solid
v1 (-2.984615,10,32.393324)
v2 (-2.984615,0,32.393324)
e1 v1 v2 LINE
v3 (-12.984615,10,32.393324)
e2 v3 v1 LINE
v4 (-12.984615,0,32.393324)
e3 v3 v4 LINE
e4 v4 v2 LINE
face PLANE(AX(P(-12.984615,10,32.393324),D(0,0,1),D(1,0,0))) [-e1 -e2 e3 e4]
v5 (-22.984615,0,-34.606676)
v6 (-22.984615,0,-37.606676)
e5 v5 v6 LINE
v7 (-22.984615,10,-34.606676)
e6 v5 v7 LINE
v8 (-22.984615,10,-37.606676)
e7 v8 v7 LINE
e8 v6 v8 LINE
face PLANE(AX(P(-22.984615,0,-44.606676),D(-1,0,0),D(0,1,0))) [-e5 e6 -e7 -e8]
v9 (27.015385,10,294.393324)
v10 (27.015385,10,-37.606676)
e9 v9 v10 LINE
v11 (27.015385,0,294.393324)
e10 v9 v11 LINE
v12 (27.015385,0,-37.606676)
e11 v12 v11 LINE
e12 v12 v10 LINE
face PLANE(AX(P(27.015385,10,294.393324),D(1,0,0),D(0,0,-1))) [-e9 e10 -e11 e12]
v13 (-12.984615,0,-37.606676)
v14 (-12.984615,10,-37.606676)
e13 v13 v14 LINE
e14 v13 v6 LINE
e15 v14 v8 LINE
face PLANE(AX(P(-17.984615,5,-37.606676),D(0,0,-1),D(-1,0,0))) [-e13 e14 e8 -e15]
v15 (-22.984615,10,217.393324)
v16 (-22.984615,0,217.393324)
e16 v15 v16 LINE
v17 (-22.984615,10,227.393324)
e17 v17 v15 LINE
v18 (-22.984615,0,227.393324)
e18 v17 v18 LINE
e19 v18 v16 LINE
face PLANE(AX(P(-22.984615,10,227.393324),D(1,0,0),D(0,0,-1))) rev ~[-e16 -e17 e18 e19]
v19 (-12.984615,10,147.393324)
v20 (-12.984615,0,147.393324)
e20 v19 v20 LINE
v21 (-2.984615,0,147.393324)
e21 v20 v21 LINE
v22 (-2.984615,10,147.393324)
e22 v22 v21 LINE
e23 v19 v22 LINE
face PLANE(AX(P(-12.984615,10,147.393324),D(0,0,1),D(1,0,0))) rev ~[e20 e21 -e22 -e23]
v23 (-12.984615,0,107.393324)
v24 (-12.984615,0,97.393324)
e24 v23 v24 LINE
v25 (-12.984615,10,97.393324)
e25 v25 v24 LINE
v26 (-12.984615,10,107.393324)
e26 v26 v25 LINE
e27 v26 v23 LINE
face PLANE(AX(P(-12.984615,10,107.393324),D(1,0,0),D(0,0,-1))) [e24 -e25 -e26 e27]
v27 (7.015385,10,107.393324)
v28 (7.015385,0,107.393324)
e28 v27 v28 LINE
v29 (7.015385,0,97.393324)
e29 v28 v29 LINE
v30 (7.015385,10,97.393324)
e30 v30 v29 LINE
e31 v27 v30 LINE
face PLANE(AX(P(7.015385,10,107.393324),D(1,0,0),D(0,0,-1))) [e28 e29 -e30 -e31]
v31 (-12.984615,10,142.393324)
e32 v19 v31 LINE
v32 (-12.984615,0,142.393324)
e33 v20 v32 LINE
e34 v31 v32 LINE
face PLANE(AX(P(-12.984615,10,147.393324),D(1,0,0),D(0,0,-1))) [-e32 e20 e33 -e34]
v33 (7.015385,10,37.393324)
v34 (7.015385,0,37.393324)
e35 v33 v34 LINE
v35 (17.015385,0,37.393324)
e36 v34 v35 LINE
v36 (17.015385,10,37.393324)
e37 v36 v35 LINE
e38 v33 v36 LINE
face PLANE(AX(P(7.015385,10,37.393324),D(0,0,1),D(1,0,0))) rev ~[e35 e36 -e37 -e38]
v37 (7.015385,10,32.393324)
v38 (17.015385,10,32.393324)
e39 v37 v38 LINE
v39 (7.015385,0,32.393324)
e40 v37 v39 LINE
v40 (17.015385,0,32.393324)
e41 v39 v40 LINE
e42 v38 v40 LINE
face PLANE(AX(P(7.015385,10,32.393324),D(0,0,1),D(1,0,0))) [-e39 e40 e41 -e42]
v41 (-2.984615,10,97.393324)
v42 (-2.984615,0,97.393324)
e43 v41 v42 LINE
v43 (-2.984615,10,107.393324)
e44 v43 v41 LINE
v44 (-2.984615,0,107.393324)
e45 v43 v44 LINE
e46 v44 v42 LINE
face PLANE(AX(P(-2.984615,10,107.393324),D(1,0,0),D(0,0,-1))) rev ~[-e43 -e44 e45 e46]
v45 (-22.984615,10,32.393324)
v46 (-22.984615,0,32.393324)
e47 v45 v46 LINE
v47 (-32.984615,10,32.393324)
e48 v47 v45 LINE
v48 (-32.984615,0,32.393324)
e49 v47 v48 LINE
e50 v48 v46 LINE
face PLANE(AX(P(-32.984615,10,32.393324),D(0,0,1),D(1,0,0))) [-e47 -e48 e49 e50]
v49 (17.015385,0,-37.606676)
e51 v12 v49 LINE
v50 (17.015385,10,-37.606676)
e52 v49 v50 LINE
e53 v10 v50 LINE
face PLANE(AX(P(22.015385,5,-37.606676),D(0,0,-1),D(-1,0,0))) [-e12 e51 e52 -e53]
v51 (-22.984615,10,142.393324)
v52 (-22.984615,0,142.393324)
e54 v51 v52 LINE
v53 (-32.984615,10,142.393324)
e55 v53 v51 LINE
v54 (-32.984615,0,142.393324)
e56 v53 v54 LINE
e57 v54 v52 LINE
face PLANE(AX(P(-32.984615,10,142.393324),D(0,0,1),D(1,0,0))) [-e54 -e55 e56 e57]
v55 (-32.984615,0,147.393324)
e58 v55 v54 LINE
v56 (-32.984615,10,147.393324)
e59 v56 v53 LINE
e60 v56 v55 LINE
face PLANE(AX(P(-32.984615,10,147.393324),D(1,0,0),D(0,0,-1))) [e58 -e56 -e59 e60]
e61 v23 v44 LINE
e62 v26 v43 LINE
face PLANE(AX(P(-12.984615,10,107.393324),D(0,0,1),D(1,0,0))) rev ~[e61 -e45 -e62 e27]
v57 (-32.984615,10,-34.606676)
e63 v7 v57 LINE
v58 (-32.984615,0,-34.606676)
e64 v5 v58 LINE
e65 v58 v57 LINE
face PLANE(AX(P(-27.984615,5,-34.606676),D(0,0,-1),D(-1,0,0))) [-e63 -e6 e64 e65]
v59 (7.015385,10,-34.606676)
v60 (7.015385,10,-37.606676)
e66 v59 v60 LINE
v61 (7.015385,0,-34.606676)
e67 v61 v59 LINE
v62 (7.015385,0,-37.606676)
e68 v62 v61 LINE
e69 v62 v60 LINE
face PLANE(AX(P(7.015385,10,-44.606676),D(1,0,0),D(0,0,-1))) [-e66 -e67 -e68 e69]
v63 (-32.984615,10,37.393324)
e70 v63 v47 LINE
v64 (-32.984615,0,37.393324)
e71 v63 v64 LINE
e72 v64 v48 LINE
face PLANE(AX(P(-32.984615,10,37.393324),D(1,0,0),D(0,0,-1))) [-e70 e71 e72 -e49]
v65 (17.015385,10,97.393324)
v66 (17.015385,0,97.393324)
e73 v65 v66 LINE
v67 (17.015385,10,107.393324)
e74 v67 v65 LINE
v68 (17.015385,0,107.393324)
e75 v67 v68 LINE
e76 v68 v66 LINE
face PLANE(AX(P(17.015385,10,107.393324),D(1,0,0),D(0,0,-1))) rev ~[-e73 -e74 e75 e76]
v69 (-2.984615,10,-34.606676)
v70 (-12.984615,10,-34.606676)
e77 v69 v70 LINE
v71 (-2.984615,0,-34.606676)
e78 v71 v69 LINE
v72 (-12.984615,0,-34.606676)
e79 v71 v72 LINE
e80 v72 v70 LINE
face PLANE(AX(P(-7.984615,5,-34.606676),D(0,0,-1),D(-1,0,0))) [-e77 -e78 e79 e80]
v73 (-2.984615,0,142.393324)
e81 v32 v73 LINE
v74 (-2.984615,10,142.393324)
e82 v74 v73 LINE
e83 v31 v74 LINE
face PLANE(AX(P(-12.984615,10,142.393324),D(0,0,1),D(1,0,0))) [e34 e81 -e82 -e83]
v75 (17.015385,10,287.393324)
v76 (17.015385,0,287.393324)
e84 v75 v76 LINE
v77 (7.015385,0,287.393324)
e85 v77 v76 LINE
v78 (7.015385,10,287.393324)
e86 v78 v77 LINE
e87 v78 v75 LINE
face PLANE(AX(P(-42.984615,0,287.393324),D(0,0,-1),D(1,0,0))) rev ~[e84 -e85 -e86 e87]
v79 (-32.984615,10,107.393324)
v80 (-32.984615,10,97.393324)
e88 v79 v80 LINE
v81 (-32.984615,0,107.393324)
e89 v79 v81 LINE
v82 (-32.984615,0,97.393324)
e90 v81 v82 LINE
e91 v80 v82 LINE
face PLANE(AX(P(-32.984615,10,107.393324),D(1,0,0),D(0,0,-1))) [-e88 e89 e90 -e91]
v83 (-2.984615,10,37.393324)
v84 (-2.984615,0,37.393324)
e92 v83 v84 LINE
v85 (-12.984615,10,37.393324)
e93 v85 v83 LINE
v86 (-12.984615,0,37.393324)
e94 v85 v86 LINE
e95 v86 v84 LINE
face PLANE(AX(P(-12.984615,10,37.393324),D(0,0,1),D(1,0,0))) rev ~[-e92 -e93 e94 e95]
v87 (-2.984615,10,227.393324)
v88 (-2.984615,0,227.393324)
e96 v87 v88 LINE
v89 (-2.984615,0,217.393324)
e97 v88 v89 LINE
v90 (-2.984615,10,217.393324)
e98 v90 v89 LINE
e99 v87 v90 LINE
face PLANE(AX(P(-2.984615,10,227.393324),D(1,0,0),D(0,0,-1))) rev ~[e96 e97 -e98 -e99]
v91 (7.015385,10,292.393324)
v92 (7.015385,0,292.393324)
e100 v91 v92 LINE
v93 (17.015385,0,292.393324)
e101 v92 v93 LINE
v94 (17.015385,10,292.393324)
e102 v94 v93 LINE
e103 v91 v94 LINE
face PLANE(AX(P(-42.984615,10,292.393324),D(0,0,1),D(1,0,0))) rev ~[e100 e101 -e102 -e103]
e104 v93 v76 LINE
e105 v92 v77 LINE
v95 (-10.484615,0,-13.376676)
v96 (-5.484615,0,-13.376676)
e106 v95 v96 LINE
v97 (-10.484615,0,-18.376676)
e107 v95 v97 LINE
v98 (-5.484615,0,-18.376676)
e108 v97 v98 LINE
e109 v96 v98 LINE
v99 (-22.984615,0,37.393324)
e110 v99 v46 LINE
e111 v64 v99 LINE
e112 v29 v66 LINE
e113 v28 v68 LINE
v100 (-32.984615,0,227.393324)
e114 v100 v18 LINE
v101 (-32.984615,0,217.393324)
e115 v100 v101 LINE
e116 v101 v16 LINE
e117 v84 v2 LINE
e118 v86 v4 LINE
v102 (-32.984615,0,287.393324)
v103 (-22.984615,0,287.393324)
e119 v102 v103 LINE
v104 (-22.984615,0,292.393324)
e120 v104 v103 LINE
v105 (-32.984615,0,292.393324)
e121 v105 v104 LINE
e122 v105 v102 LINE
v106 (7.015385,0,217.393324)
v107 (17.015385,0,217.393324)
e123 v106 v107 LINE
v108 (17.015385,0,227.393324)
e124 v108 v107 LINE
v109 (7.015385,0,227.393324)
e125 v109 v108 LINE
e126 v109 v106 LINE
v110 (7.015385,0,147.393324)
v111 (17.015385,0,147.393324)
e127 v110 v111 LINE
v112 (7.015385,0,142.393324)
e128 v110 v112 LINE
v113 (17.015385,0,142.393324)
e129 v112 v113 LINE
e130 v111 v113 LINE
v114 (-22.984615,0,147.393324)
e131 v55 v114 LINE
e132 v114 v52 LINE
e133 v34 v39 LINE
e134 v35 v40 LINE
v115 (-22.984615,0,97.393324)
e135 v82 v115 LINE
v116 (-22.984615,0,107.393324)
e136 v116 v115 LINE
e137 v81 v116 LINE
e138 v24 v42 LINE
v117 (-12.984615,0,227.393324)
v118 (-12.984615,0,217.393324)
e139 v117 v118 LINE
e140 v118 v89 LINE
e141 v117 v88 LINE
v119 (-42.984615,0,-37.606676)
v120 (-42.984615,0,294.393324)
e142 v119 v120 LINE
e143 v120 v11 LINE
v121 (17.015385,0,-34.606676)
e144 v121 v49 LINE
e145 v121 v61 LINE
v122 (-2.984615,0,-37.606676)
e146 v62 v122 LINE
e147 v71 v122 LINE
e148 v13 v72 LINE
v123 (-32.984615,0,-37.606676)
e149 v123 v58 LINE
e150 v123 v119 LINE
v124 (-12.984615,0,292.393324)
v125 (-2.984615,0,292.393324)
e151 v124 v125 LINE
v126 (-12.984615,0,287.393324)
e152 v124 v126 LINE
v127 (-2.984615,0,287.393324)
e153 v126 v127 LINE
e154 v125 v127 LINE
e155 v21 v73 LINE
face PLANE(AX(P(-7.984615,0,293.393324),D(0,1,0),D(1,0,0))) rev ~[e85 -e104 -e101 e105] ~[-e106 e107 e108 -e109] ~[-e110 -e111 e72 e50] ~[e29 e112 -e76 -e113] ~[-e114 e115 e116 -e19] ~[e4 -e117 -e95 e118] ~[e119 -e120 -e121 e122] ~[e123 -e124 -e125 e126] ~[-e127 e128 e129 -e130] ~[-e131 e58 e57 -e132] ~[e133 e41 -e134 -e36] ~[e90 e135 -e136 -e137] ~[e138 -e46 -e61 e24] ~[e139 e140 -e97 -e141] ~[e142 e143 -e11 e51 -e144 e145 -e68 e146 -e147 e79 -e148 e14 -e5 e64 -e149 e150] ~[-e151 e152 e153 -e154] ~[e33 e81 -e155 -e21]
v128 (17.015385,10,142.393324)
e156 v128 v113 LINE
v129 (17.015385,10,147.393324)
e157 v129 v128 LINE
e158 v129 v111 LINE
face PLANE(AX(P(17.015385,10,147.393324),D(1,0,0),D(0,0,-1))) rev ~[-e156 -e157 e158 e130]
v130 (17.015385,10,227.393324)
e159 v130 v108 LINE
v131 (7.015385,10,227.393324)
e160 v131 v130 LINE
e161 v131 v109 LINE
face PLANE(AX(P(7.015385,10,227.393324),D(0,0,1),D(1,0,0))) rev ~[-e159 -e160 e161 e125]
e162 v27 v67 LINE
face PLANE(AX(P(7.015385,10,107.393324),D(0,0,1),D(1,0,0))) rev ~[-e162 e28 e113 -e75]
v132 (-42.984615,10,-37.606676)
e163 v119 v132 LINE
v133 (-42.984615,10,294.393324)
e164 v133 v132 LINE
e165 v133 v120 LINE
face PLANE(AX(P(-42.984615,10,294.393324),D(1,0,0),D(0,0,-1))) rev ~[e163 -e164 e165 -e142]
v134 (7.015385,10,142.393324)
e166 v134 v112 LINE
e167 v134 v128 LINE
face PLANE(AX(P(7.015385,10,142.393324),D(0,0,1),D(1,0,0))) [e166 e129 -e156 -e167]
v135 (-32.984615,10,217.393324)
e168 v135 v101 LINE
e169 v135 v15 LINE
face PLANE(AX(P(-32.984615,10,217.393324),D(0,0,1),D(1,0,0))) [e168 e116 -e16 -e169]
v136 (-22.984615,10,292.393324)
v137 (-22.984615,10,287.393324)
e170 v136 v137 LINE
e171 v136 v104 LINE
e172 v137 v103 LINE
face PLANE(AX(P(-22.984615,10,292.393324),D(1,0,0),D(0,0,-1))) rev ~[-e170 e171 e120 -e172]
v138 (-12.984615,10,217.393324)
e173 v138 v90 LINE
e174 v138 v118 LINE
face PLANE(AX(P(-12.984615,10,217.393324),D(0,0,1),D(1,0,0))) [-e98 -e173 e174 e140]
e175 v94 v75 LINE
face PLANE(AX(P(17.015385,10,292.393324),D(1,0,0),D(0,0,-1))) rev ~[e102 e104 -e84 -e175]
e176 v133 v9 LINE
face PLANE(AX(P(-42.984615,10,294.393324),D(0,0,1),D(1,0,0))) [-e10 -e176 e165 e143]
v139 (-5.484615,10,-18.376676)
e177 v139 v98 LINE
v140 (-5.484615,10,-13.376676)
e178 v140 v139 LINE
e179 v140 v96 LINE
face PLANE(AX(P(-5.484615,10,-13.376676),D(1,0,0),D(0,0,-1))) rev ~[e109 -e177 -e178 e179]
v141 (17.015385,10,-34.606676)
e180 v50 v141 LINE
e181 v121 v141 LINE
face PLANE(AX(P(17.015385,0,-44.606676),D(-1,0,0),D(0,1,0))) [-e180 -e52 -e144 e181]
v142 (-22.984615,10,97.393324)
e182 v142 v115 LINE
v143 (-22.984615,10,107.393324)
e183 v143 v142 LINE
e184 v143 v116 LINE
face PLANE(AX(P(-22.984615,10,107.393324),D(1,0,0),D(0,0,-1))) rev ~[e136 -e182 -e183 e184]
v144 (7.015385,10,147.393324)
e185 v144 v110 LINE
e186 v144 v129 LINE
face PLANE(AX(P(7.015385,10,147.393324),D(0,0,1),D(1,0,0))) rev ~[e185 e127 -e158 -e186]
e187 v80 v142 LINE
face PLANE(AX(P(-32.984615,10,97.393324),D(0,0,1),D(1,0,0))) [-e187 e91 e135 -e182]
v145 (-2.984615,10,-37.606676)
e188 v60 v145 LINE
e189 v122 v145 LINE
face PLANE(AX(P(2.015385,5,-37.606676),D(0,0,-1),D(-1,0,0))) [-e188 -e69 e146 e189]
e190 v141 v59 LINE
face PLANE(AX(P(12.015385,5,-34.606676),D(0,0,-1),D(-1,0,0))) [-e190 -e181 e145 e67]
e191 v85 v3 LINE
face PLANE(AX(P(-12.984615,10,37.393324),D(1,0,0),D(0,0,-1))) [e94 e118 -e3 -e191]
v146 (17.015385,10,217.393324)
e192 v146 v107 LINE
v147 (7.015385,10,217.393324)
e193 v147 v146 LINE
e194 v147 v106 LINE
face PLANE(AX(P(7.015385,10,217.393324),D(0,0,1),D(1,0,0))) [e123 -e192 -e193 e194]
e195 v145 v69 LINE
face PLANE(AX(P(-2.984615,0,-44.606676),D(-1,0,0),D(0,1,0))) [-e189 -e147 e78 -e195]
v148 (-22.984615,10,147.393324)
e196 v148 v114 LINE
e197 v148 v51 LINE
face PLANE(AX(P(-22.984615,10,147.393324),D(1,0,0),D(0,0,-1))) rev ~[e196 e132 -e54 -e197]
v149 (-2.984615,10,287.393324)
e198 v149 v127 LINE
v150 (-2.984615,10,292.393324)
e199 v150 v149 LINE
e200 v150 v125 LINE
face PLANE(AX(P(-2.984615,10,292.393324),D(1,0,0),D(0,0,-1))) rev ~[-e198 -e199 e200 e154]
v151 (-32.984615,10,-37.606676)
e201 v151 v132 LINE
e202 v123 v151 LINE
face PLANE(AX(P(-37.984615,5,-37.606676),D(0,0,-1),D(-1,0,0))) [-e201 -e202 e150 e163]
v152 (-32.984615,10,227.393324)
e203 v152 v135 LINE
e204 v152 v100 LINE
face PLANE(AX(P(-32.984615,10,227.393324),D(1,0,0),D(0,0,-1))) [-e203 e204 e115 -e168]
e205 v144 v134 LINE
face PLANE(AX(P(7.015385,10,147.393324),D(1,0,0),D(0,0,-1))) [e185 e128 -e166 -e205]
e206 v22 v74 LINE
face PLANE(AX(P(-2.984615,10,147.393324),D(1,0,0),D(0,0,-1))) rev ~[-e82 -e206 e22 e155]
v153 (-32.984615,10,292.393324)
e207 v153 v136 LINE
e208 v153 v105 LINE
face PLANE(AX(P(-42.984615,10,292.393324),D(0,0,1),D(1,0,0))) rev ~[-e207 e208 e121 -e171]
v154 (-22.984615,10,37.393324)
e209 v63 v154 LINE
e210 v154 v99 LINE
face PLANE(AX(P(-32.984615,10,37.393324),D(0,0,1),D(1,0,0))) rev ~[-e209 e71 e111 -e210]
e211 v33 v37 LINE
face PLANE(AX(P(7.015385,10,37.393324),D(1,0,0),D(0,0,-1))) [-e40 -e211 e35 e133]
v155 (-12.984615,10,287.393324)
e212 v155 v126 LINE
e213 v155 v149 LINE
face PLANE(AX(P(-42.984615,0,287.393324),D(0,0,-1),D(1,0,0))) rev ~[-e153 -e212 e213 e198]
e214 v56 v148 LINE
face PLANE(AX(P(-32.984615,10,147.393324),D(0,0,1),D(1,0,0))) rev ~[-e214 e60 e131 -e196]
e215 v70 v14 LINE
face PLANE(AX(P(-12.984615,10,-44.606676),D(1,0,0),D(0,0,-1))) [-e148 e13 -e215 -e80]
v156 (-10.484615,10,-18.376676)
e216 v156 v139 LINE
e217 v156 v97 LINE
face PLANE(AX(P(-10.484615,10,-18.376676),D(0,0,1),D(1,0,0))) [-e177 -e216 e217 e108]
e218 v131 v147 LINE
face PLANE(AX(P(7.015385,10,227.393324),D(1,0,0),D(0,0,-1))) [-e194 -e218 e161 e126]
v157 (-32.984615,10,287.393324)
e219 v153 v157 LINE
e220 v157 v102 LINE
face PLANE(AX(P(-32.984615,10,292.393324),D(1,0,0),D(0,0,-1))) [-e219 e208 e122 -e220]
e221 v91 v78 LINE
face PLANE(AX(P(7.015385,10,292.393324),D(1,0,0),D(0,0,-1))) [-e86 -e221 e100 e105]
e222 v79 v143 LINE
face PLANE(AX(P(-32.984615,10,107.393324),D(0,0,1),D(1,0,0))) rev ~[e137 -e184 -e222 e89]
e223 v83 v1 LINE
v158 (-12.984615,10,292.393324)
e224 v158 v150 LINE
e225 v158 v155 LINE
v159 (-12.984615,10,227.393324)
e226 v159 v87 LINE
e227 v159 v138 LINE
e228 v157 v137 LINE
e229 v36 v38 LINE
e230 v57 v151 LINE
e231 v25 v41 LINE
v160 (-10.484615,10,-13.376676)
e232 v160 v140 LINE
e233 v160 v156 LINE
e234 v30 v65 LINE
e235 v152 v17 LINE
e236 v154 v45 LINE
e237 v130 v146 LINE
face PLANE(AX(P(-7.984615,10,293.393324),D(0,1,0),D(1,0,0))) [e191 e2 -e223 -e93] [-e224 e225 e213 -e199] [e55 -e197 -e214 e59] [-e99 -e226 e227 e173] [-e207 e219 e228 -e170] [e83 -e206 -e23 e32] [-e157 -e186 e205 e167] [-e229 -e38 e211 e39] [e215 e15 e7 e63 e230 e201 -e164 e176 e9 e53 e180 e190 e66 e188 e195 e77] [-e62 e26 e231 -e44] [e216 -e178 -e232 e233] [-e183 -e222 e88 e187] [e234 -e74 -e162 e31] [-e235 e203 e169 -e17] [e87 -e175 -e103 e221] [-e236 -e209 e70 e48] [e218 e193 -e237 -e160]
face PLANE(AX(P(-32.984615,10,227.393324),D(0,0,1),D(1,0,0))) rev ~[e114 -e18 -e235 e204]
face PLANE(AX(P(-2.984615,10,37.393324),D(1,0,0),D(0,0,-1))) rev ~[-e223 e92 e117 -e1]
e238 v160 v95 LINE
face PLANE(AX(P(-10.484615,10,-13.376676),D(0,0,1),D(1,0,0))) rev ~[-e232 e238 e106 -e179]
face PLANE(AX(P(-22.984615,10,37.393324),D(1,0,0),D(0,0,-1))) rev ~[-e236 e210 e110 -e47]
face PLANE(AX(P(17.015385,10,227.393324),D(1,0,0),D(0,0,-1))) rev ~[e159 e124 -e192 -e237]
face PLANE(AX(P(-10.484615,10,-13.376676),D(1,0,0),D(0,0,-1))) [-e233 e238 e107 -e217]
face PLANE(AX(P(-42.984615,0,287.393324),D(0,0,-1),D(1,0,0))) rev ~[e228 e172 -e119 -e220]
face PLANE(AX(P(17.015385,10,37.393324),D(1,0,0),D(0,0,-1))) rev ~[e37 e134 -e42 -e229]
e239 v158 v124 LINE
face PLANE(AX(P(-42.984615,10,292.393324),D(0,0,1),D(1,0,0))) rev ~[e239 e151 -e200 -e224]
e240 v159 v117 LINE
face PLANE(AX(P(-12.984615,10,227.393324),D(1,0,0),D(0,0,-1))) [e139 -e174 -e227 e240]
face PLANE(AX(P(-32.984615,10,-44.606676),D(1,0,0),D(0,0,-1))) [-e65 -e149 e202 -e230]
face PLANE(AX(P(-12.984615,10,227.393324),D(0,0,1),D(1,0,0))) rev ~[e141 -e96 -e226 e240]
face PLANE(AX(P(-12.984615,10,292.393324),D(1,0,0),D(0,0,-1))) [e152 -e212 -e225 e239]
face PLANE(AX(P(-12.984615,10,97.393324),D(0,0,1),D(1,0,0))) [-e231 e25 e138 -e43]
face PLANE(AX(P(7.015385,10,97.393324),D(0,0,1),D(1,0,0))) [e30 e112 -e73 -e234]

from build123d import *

# Parameters (mm, degrees)
ESQUISSE1_W                = 70
ESQUISSE1_H                = 332
BOSS_EXTRU_1_DEPTH         = 10
ESQUISSE2_W                = 10
ESQUISSE2_H                = 10
ESQUISSE2_H_2              = 5
ENL_V_MAT_EXTRU_1_DEPTH    = 10
R_P_TITION_LIN_AIRE1_COUNT = 3
R_P_TITION_LIN_AIRE1_PITCH = 20
ESQUISSE4_W                = 10
ESQUISSE4_H                = 5
ESQUISSE4_H_2              = 3
BOSS_EXTRU_2_DEPTH         = 10
R_P_TITION_LIN_AIRE2_COUNT = 4
R_P_TITION_LIN_AIRE2_PITCH = 20
ESQUISSE12_W               = 10
ESQUISSE12_H               = 5
ENL_V_MAT_EXTRU_7_DEPTH    = 10
R_P_TITION_LIN_AIRE5_COUNT = 3
R_P_TITION_LIN_AIRE5_PITCH = 20
ESQUISSE14_W               = 70
ESQUISSE14_H               = 2
BOSS_EXTRU_4_DEPTH         = 10
ESQUISSE17_W               = 10
ESQUISSE17_H               = 10
ENL_V_MAT_EXTRU_10_DEPTH   = 10
ESQUISSE18_W               = 10
ESQUISSE18_H               = 10
ENL_V_MAT_EXTRU_11_DEPTH   = 10
ESQUISSE19_W               = 5
ESQUISSE19_H               = 5
ENL_V_MAT_EXTRU_12_DEPTH   = 10


with BuildPart() as part:
    # Esquisse1 → Boss.-Extru.1 (new body)
    with BuildSketch(Plane(origin=(0, 0, 0), x_dir=(1, 0, 0), z_dir=(0, 1, 0))):
        with Locations((-7.984615385, -121.393323657)):
            Rectangle(ESQUISSE1_W, ESQUISSE1_H)
    extrude(amount=BOSS_EXTRU_1_DEPTH)

    # Esquisse2 → Enlèv. mat.-Extru.1 (cut)
    with BuildSketch(Plane(origin=(0, 10, 0), x_dir=(1, 0, 0), z_dir=(0, 1, 0))):
        with Locations((-27.984615385, -222.393323657)):
            Rectangle(ESQUISSE2_W, ESQUISSE2_H)
        with Locations((-27.984615385, -102.393323657)):
            Rectangle(ESQUISSE2_W, ESQUISSE2_H)
        with Locations((-27.984615385, -144.893323657)):
            Rectangle(ESQUISSE2_W, ESQUISSE2_H_2)
    enl_v_mat_extru_1 = extrude(amount=-ENL_V_MAT_EXTRU_1_DEPTH, mode=Mode.SUBTRACT)

    # Répétition linéaire1: Enlèv. mat.-Extru.1 ×3
    with Locations(*[(i * R_P_TITION_LIN_AIRE1_PITCH, 0, 0) for i in range(1, R_P_TITION_LIN_AIRE1_COUNT)]):
        add(enl_v_mat_extru_1, mode=Mode.SUBTRACT)

    # Esquisse4 → Boss.-Extru.2 (add)
    with BuildSketch(Plane(origin=(0, 10, 0), x_dir=(1, 0, 0), z_dir=(0, 1, 0))):
        with Locations((-37.984615385, -289.893323657)):
            Rectangle(ESQUISSE4_W, ESQUISSE4_H)
        with Locations((-37.984615385, 46.106676343)):
            Rectangle(ESQUISSE4_W, ESQUISSE4_H_2)
    boss_extru_2 = extrude(amount=-BOSS_EXTRU_2_DEPTH)

    # Répétition linéaire2: Boss.-Extru.2 ×4
    with Locations(*[(i * R_P_TITION_LIN_AIRE2_PITCH, 0, 0) for i in range(1, R_P_TITION_LIN_AIRE2_COUNT)]):
        add(boss_extru_2)

    # Esquisse12 → Enlèv. mat.-Extru.7 (cut)
    with BuildSketch(Plane(origin=(0, 10, 0), x_dir=(1, 0, 0), z_dir=(0, 1, 0))):
        with Locations((-27.984615385, -34.893323657)):
            Rectangle(ESQUISSE12_W, ESQUISSE12_H)
    enl_v_mat_extru_7 = extrude(amount=-ENL_V_MAT_EXTRU_7_DEPTH, mode=Mode.SUBTRACT)

    # Répétition linéaire5: Enlèv. mat.-Extru.7 ×3
    with Locations(*[(i * R_P_TITION_LIN_AIRE5_PITCH, 0, 0) for i in range(1, R_P_TITION_LIN_AIRE5_COUNT)]):
        add(enl_v_mat_extru_7, mode=Mode.SUBTRACT)

    # Esquisse14 → Boss.-Extru.4 (add)
    with BuildSketch(Plane(origin=(0, 10, 0), x_dir=(1, 0, 0), z_dir=(0, 1, 0))):
        with Locations((-7.984615385, -293.393323657)):
            Rectangle(ESQUISSE14_W, ESQUISSE14_H)
    extrude(amount=-BOSS_EXTRU_4_DEPTH)

    # Esquisse17 → Enlèv. mat.-Extru.10 (cut)
    with BuildSketch(Plane(origin=(0, 0, -44.606676343), x_dir=(-1, 0, 0), z_dir=(0, 0, -1))):
        with Locations((27.984615385, 5)):
            Rectangle(ESQUISSE17_W, ESQUISSE17_H)
        with Locations((7.984615385, 5)):
            Rectangle(ESQUISSE17_W, ESQUISSE17_H)
        with Locations((-12.015384615, 5)):
            Rectangle(ESQUISSE17_W, ESQUISSE17_H)
    extrude(amount=-ENL_V_MAT_EXTRU_10_DEPTH, mode=Mode.SUBTRACT)

    # Esquisse18 → Enlèv. mat.-Extru.11 (cut)
    with BuildSketch(Plane(origin=(0, 0, -47.606676343), x_dir=(-1, 0, 0), z_dir=(0, 0, -1))):
        with Locations((37.984615385, 5)):
            Rectangle(ESQUISSE18_W, ESQUISSE18_H)
        with Locations((17.984615385, 5)):
            Rectangle(ESQUISSE18_W, ESQUISSE18_H)
        with Locations((-2.015384615, 5)):
            Rectangle(ESQUISSE18_W, ESQUISSE18_H)
        with Locations((-22.015384615, 5)):
            Rectangle(ESQUISSE18_W, ESQUISSE18_H)
    extrude(amount=-ENL_V_MAT_EXTRU_11_DEPTH, mode=Mode.SUBTRACT)

    # Esquisse19 → Enlèv. mat.-Extru.12 (cut)
    with BuildSketch(Plane(origin=(0, 10, 0), x_dir=(1, 0, 0), z_dir=(0, 1, 0))):
        with Locations((-7.984615385, 15.876676343)):
            Rectangle(ESQUISSE19_W, ESQUISSE19_H)
    extrude(amount=-ENL_V_MAT_EXTRU_12_DEPTH, mode=Mode.SUBTRACT)


solid = part.part
